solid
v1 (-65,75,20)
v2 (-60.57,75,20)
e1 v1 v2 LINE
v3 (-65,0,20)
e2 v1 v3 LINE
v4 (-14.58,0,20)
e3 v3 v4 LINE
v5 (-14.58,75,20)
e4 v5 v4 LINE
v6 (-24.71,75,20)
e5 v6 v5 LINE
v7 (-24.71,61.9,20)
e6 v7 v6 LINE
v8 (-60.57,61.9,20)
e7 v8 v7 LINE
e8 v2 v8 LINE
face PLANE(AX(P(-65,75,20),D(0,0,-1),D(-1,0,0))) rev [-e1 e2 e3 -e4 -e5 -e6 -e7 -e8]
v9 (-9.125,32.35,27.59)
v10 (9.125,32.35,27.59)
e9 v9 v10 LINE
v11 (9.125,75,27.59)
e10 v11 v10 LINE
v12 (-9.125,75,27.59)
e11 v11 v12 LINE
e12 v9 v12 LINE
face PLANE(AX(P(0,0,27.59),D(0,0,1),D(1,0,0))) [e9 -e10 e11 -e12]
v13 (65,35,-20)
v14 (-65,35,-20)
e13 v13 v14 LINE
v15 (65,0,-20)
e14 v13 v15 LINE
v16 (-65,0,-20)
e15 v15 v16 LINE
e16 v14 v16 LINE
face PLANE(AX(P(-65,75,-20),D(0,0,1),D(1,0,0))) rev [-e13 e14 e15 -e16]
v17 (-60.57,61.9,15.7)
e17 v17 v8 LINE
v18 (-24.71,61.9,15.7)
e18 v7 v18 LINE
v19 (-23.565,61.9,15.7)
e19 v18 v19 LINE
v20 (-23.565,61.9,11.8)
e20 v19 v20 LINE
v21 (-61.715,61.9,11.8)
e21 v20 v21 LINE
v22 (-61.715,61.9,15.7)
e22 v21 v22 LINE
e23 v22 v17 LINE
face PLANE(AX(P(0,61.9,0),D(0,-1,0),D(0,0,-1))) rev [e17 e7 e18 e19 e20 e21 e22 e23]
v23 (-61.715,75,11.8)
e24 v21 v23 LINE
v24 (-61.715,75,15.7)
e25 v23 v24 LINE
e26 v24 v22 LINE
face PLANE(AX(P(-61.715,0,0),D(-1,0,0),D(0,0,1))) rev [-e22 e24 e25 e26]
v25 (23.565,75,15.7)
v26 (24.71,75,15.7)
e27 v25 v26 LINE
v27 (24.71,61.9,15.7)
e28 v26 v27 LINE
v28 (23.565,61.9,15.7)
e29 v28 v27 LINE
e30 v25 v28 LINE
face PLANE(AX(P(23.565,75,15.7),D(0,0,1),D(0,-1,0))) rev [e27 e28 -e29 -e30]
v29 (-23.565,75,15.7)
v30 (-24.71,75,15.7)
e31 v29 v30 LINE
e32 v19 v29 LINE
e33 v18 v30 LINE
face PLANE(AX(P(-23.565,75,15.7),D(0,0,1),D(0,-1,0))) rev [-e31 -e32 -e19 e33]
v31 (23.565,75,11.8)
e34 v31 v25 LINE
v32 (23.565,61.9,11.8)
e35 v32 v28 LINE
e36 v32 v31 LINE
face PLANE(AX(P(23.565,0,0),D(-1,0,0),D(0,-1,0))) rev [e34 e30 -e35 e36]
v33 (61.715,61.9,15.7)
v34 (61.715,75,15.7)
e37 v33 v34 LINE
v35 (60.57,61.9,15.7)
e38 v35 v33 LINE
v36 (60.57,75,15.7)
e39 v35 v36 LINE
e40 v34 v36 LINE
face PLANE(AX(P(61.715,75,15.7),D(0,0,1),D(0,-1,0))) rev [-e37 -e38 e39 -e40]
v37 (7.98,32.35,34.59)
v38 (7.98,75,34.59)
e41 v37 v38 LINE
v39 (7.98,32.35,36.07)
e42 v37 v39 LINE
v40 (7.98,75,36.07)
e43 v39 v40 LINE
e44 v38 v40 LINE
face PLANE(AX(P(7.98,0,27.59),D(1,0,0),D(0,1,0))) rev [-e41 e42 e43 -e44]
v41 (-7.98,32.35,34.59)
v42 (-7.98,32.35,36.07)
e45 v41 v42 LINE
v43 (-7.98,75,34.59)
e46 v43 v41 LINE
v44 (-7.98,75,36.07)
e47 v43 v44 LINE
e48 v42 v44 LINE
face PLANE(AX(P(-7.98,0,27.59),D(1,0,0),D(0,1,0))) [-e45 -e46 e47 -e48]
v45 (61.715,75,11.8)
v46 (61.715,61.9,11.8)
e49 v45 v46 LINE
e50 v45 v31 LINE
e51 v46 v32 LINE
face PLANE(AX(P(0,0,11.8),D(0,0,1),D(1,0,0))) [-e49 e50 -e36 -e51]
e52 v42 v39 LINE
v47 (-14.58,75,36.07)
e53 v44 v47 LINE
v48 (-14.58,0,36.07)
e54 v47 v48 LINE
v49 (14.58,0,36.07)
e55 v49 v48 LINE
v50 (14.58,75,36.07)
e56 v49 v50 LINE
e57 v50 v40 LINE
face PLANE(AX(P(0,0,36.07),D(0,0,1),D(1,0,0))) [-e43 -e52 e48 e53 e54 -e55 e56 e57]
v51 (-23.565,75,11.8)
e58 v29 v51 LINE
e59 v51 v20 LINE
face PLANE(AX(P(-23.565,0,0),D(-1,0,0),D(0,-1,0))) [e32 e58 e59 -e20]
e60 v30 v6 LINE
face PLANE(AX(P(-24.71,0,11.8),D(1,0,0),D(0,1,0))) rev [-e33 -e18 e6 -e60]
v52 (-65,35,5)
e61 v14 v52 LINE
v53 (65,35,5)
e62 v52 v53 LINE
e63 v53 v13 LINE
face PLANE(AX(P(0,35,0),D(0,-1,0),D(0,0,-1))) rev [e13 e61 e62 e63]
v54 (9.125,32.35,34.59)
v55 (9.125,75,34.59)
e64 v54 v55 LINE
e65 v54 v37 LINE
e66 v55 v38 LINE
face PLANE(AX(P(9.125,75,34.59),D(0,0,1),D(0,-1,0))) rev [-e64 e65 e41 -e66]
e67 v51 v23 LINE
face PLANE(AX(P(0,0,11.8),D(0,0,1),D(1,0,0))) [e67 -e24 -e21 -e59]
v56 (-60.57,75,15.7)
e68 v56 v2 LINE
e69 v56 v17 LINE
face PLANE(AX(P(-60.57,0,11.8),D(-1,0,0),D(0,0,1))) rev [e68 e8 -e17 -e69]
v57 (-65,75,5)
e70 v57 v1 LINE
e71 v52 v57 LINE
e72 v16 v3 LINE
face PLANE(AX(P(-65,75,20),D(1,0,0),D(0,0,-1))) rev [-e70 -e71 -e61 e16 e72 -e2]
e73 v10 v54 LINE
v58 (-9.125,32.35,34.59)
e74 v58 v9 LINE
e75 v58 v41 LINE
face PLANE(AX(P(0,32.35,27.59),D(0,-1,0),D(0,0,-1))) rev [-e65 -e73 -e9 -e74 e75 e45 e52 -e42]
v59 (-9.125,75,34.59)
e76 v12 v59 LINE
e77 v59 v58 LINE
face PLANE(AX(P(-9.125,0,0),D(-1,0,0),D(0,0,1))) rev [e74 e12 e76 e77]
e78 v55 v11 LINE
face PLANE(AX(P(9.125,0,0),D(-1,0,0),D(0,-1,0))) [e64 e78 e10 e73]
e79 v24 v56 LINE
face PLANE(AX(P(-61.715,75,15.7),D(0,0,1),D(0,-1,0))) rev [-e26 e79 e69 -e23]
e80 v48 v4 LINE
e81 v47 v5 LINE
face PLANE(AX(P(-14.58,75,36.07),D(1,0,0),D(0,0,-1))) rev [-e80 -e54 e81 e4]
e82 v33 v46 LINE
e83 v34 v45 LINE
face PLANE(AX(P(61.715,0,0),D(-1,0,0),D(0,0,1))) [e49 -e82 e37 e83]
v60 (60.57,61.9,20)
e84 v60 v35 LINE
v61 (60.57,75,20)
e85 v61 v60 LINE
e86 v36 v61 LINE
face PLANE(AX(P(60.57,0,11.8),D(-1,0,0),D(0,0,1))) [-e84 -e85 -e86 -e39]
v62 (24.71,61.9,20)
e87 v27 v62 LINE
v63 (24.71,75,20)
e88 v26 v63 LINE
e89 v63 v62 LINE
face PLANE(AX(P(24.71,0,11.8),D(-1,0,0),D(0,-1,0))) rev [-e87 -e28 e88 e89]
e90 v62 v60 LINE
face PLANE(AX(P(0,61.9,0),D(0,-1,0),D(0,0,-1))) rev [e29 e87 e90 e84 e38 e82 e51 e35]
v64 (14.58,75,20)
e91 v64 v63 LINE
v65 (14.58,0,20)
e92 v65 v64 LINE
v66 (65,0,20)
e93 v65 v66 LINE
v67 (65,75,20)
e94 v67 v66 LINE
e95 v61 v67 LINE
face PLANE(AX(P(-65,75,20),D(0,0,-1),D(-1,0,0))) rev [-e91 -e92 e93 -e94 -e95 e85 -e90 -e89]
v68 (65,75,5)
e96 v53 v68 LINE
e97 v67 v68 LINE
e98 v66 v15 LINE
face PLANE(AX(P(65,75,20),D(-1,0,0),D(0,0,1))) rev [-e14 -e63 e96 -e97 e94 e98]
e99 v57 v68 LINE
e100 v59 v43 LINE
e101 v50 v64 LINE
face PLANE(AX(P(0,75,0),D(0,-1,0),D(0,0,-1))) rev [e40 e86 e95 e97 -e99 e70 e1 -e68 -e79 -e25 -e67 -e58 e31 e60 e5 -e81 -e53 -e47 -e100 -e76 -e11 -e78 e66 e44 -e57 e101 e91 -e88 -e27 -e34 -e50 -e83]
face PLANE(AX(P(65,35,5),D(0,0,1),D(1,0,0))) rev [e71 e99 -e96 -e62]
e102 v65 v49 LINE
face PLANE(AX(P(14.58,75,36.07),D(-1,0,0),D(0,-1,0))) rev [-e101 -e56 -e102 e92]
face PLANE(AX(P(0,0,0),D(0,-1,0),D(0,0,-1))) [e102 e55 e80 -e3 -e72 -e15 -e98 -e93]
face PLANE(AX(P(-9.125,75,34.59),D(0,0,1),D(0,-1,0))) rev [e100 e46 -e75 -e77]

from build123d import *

# Parameters (mm, degrees)
SKETCH2_W           = 130
SKETCH2_H           = 40
BOSS_EXTRUDE1_DEPTH = 75
SKETCH6_W           = 29.16
SKETCH6_H           = 49.32
BOSS_EXTRUDE2_DEPTH = 16.07
SKETCH7_W           = 15.96
SKETCH7_H           = 42.65
CUT_EXTRUDE1_DEPTH  = 8.48
SKETCH8_W           = 7
SKETCH8_H           = 42.65
CUT_EXTRUDE2_DEPTH  = 1.145
SKETCH9_W           = 7
SKETCH9_H           = 42.65
CUT_EXTRUDE3_DEPTH  = 1.145
SKETCH11_W          = 35.86
SKETCH11_H          = 21.1
CUT_EXTRUDE4_DEPTH  = 8.2
SKETCH13_W          = 3.9
SKETCH13_H          = 21.1
CUT_EXTRUDE5_DEPTH  = 1.145
SKETCH14_W          = 3.9
SKETCH14_H          = 21.1
CUT_EXTRUDE6_DEPTH  = 1.145
SKETCH15_W          = 35.86
SKETCH15_H          = 21.1
CUT_EXTRUDE7_DEPTH  = 8.2
SKETCH16_W          = 3.9
SKETCH16_H          = 21.1
CUT_EXTRUDE8_DEPTH  = 1.145
SKETCH17_W          = 3.9
SKETCH17_H          = 21.1
CUT_EXTRUDE9_DEPTH  = 1.145
SKETCH20_W          = 29.16
SKETCH20_H          = 16.07
BOSS_EXTRUDE3_DEPTH = 25.68
SKETCH21_W          = 40
SKETCH21_H          = 25
CUT_EXTRUDE10_DEPTH = 40
SKETCH22_W          = 50
SKETCH22_H          = 25
CUT_EXTRUDE11_DEPTH = 40
BOSS_EXTRUDE4_DEPTH = 8
BOSS_EXTRUDE5_DEPTH = 8


with BuildPart() as part:
    # Sketch2 → Boss-Extrude1 (new body)
    with BuildSketch(Plane(origin=(0, 0, 0), x_dir=(1, 0, 0), z_dir=(0, 1, 0))):
        Rectangle(SKETCH2_W, SKETCH2_H)
    extrude(amount=BOSS_EXTRUDE1_DEPTH)

    # Sketch6 → Boss-Extrude2 (add)
    with BuildSketch(Plane.XY.offset(20)):
        with Locations((0, 50.34)):
            Rectangle(SKETCH6_W, SKETCH6_H)
    extrude(amount=BOSS_EXTRUDE2_DEPTH)

    # Sketch7 → Cut-Extrude1 (cut)
    with BuildSketch(Plane.XY.offset(36.07)):
        with Locations((0, 53.675)):
            Rectangle(SKETCH7_W, SKETCH7_H)
    extrude(amount=-CUT_EXTRUDE1_DEPTH, mode=Mode.SUBTRACT)

    # Sketch8 → Cut-Extrude2 (cut)
    with BuildSketch(Plane(origin=(-7.98, 0, 0), x_dir=(0, 0, -1), z_dir=(1, 0, 0))):
        with Locations((-31.09, 53.675)):
            Rectangle(SKETCH8_W, SKETCH8_H)
    extrude(amount=-CUT_EXTRUDE2_DEPTH, mode=Mode.SUBTRACT)

    # Sketch9 → Cut-Extrude3 (cut)
    with BuildSketch(Plane.ZY.offset(-7.98)):
        with Locations((31.09, 53.675)):
            Rectangle(SKETCH9_W, SKETCH9_H)
    extrude(amount=-CUT_EXTRUDE3_DEPTH, mode=Mode.SUBTRACT)

    # Sketch11 → Cut-Extrude4 (cut)
    with BuildSketch(Plane.XY.offset(20)):
        with Locations((42.64, 64.45)):
            Rectangle(SKETCH11_W, SKETCH11_H)
    extrude(amount=-CUT_EXTRUDE4_DEPTH, mode=Mode.SUBTRACT)

    # Sketch13 → Cut-Extrude5 (cut)
    with BuildSketch(Plane(origin=(24.71, 0, 0), x_dir=(0, 0, -1), z_dir=(1, 0, 0))):
        with Locations((-13.75, 64.45)):
            Rectangle(SKETCH13_W, SKETCH13_H)
    extrude(amount=-CUT_EXTRUDE5_DEPTH, mode=Mode.SUBTRACT)

    # Sketch14 → Cut-Extrude6 (cut)
    with BuildSketch(Plane.ZY.offset(-60.57)):
        with Locations((13.75, 64.45)):
            Rectangle(SKETCH14_W, SKETCH14_H)
    extrude(amount=-CUT_EXTRUDE6_DEPTH, mode=Mode.SUBTRACT)

    # Sketch15 → Cut-Extrude7 (cut)
    with BuildSketch(Plane.XY.offset(20)):
        with Locations((-42.64, 64.45)):
            Rectangle(SKETCH15_W, SKETCH15_H)
    extrude(amount=-CUT_EXTRUDE7_DEPTH, mode=Mode.SUBTRACT)

    # Sketch16 → Cut-Extrude8 (cut)
    with BuildSketch(Plane(origin=(-60.57, 0, 0), x_dir=(0, 0, -1), z_dir=(1, 0, 0))):
        with Locations((-13.75, 64.45)):
            Rectangle(SKETCH16_W, SKETCH16_H)
    extrude(amount=-CUT_EXTRUDE8_DEPTH, mode=Mode.SUBTRACT)

    # Sketch17 → Cut-Extrude9 (cut)
    with BuildSketch(Plane.ZY.offset(24.71)):
        with Locations((13.75, 64.45)):
            Rectangle(SKETCH17_W, SKETCH17_H)
    extrude(amount=-CUT_EXTRUDE9_DEPTH, mode=Mode.SUBTRACT)

    # Sketch20 → Boss-Extrude3 (add)
    with BuildSketch(Plane(origin=(0, 25.68, 0), x_dir=(-1, 0, 0), z_dir=(0, -1, 0))):
        with Locations((0, -28.035)):
            Rectangle(SKETCH20_W, SKETCH20_H)
    extrude(amount=BOSS_EXTRUDE3_DEPTH)

    # Sketch21 → Cut-Extrude10 (cut)
    with BuildSketch(Plane(origin=(0, 75, 0), x_dir=(1, 0, 0), z_dir=(0, 1, 0))):
        with Locations((45, 7.5)):
            Rectangle(SKETCH21_W, SKETCH21_H)
        with Locations((-45, 7.5)):
            Rectangle(SKETCH21_W, SKETCH21_H)
    extrude(amount=-CUT_EXTRUDE10_DEPTH, mode=Mode.SUBTRACT)

    # Sketch22 → Cut-Extrude11 (cut)
    with BuildSketch(Plane(origin=(0, 75, 0), x_dir=(1, 0, 0), z_dir=(0, 1, 0))):
        with Locations((0, 7.5)):
            Rectangle(SKETCH22_W, SKETCH22_H)
    extrude(amount=-CUT_EXTRUDE11_DEPTH, mode=Mode.SUBTRACT)

    # Sketch23 → Boss-Extrude4 (add)
    with BuildSketch(Plane(origin=(0, 53.9, 0), x_dir=(1, 0, 0), z_dir=(0, 1, 0))):
        Polygon((-60.57, -20), (-60.57, -15.7), (-61.715, -15.7), (-61.715, -11.8), (-23.565, -11.8), (-23.565, -15.7), (-24.71, -15.7), (-24.71, -20), align=None)
    extrude(amount=BOSS_EXTRUDE4_DEPTH)

    # Sketch24 → Boss-Extrude5 (add)
    with BuildSketch(Plane(origin=(0, 53.9, 0), x_dir=(1, 0, 0), z_dir=(0, 1, 0))):
        Polygon((24.71, -20), (24.71, -15.7), (23.565, -15.7), (23.565, -11.8), (61.715, -11.8), (61.715, -15.7), (60.57, -15.7), (60.57, -20), align=None)
    extrude(amount=BOSS_EXTRUDE5_DEPTH)


solid = part.part
